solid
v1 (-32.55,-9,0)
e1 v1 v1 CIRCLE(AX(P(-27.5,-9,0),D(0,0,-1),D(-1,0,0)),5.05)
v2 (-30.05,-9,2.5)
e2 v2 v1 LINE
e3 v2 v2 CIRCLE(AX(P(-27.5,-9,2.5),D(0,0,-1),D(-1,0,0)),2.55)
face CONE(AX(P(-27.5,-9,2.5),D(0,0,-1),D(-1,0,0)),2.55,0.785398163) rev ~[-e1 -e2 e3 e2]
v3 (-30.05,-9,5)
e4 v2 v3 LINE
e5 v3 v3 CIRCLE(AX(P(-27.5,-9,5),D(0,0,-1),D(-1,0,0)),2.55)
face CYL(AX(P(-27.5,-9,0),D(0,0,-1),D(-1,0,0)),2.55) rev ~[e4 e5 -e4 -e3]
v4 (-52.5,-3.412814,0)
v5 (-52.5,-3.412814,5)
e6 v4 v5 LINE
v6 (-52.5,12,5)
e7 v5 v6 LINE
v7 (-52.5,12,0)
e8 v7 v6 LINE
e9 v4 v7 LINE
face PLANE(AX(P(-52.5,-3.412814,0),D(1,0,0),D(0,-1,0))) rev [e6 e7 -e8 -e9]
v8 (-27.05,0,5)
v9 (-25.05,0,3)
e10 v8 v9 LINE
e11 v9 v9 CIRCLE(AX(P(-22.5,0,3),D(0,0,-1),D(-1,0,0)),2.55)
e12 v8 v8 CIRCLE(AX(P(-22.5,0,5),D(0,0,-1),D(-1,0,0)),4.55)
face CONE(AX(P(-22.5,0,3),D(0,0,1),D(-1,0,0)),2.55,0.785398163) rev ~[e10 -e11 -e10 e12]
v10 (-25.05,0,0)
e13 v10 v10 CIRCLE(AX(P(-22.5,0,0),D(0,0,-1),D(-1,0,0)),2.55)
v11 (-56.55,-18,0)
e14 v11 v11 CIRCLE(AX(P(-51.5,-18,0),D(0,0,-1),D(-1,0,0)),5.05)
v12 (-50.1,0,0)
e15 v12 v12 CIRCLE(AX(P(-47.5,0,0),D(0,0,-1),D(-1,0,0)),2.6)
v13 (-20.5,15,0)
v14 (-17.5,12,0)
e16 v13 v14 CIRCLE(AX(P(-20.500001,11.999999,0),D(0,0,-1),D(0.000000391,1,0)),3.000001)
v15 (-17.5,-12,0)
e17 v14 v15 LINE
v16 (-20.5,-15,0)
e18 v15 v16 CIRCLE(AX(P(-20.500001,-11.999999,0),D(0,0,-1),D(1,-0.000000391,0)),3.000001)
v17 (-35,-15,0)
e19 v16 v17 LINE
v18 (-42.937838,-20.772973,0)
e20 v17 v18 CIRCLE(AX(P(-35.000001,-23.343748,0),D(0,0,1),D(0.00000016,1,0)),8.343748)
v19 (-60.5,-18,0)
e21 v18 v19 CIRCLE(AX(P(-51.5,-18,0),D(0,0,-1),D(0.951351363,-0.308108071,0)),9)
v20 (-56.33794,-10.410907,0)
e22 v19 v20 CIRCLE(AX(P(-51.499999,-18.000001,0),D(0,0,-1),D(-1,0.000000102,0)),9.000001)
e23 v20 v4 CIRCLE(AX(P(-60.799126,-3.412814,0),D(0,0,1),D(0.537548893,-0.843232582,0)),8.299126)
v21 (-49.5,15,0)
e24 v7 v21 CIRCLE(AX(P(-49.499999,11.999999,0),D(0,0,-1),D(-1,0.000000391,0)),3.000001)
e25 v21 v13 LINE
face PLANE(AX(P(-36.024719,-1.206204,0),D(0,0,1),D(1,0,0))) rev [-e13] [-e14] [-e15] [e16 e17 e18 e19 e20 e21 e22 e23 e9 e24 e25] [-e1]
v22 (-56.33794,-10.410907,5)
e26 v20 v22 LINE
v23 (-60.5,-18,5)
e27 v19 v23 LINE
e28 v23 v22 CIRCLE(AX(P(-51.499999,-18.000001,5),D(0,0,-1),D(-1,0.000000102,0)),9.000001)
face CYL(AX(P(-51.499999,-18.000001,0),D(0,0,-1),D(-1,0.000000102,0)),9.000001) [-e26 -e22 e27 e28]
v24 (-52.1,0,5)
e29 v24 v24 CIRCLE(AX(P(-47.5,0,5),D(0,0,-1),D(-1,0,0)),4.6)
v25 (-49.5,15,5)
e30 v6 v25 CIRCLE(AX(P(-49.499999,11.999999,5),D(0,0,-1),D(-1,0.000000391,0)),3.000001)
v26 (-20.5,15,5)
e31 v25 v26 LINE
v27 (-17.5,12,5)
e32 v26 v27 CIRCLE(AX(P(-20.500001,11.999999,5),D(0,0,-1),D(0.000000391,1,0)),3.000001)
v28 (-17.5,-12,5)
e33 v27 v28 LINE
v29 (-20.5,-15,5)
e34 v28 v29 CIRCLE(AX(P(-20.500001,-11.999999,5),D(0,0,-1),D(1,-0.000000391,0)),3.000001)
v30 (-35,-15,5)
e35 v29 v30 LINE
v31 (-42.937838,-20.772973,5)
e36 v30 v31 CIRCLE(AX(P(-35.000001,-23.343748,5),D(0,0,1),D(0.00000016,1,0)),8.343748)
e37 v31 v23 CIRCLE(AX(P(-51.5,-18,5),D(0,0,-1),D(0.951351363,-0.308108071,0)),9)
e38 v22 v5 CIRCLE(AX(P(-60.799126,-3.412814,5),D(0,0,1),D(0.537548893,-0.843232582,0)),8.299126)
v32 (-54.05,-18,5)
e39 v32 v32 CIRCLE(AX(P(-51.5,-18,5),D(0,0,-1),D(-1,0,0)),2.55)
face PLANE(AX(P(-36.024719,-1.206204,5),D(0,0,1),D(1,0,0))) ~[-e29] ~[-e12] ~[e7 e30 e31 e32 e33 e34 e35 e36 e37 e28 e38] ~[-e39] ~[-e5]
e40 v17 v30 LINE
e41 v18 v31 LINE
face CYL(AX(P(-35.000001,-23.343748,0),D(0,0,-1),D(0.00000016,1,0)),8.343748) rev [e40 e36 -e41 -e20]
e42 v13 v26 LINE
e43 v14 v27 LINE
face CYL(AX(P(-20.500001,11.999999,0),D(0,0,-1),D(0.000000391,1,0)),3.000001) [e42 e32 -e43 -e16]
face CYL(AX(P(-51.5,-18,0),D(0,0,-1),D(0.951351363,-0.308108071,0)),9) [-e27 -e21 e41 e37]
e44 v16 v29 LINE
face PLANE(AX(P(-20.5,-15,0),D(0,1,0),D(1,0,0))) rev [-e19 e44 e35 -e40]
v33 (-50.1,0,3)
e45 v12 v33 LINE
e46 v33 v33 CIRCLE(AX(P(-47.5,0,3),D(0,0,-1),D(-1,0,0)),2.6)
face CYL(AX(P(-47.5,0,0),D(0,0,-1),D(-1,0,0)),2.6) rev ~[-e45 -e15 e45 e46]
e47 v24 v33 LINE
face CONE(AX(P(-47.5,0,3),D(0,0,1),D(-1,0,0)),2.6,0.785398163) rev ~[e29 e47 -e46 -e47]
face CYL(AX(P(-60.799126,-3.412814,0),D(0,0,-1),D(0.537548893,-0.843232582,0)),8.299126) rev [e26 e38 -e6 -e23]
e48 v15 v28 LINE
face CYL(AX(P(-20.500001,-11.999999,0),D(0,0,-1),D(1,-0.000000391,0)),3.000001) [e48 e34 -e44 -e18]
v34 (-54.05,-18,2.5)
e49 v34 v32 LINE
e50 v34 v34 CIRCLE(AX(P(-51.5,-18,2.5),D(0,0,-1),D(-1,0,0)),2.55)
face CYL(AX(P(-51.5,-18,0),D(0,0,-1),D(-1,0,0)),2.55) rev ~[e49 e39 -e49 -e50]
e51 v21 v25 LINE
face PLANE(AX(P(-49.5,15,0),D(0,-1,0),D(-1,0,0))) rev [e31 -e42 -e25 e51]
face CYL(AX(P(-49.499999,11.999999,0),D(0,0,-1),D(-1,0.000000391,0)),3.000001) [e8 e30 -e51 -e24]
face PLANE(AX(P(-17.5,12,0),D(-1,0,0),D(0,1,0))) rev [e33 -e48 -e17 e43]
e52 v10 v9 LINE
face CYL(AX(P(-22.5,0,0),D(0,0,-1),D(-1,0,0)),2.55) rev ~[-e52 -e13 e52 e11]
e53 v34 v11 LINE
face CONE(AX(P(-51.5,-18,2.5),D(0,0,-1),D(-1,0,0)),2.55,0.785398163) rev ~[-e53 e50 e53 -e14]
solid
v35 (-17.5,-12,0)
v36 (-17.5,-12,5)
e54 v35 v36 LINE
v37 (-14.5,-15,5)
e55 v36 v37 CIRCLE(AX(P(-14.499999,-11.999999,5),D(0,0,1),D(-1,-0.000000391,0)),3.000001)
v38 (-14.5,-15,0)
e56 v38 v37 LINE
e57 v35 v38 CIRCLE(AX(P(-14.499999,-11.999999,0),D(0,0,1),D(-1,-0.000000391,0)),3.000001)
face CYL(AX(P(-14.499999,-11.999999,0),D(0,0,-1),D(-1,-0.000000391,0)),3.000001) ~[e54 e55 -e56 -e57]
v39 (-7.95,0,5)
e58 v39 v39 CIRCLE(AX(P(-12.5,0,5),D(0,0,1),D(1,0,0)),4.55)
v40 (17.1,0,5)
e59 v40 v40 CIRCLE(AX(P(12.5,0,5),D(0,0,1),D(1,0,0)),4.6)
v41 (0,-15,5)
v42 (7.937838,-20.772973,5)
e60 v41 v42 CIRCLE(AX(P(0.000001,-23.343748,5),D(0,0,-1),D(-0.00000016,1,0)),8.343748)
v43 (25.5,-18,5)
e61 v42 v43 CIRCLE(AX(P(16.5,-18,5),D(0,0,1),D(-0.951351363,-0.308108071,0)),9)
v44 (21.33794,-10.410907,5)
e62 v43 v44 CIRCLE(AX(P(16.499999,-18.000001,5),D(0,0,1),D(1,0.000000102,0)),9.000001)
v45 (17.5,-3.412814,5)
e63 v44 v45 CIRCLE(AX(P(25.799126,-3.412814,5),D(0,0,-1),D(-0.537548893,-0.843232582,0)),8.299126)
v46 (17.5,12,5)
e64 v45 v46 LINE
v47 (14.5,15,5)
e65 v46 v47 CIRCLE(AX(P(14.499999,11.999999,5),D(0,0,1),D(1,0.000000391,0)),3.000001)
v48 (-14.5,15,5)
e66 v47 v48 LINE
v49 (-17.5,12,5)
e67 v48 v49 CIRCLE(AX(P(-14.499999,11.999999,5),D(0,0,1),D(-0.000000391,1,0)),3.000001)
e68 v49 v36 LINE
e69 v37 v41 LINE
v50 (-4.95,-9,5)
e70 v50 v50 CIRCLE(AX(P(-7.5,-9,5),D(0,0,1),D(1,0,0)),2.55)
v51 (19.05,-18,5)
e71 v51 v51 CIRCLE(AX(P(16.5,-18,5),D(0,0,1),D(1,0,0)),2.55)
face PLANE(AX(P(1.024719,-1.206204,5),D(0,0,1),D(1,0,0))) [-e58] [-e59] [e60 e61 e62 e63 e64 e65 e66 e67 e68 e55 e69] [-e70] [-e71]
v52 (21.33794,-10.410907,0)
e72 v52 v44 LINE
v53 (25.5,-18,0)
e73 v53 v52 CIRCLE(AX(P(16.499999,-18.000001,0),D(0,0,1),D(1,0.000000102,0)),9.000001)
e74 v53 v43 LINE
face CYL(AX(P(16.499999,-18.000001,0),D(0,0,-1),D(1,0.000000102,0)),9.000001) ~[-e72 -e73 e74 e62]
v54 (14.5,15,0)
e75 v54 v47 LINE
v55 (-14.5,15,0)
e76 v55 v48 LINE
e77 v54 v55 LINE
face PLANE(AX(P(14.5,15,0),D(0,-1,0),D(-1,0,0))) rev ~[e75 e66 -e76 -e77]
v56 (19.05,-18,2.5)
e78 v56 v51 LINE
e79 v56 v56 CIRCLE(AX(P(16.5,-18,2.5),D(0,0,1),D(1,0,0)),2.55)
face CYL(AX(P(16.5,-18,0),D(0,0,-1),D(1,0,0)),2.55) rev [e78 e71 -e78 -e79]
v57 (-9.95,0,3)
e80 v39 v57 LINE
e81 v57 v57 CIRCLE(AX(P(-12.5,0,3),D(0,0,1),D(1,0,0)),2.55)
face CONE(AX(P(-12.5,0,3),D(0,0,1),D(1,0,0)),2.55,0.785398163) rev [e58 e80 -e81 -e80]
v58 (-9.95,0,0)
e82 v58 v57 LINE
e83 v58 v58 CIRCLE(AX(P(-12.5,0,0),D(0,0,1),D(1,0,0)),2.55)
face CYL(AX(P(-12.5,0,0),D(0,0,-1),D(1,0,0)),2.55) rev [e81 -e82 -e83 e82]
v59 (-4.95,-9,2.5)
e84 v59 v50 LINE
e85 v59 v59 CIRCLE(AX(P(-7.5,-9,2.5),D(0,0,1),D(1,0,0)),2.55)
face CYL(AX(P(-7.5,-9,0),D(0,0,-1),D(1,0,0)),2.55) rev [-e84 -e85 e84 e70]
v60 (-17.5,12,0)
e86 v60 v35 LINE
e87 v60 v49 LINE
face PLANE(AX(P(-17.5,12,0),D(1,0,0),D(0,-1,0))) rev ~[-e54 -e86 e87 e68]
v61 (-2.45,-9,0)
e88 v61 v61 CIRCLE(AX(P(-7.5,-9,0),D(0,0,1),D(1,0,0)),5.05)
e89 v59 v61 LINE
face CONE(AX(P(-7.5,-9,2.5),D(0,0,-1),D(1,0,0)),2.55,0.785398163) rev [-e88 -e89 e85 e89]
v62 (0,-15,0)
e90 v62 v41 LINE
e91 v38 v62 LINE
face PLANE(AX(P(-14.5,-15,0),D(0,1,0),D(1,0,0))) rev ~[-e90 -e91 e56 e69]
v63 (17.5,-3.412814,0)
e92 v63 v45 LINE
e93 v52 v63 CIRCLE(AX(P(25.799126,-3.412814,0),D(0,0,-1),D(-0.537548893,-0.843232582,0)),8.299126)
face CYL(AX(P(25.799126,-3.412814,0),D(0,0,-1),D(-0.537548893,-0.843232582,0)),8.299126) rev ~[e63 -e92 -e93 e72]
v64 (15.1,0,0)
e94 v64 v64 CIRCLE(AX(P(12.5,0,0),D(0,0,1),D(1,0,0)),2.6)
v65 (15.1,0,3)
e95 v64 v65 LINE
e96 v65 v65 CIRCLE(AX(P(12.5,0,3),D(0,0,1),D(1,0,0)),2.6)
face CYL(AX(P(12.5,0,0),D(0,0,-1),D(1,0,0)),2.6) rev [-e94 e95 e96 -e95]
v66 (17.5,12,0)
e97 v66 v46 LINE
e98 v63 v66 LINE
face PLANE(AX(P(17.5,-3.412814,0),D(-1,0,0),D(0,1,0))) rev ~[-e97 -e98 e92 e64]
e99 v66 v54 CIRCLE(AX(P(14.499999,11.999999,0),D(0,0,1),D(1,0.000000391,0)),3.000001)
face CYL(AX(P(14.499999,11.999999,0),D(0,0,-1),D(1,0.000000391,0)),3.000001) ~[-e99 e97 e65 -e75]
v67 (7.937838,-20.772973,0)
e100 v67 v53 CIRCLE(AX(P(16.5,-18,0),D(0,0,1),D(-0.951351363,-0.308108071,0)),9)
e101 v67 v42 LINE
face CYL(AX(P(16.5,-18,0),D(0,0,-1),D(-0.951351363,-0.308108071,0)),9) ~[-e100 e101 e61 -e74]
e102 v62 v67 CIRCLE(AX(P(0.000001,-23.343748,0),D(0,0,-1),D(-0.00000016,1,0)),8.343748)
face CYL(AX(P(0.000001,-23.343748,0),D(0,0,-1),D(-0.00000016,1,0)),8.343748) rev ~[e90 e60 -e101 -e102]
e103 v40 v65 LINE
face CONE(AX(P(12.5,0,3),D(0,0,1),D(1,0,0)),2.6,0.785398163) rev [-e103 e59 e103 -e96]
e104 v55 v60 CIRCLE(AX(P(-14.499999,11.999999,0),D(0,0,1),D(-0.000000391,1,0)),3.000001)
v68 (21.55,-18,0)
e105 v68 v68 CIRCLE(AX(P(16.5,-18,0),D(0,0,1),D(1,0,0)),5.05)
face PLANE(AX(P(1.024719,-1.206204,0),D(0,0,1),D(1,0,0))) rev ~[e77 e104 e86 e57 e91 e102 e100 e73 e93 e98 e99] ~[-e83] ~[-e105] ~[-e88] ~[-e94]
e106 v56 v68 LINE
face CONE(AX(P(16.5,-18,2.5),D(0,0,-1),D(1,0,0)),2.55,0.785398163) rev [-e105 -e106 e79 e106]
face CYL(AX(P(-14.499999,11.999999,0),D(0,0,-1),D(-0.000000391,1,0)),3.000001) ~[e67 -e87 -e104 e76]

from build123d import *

# Parameters (mm, degrees)
F0_R     = 2.55
F0_R_2   = 2.6
F1_DEPTH = 5
F2_SIZE  = 2.5
F3_SIZE  = 2
F4_SIZE  = 2.5


with BuildPart() as f1:
    # F0 (on Top) → F1 (new body)
    with BuildSketch(Plane.XY):
        with BuildLine():
            Line((-17.5, 12), (-17.5, -12))
            ThreePointArc((-17.5, -12), (-16.62132, -14.12132), (-14.5, -15))
            Line((-14.5, -15), (0, -15))
            ThreePointArc((0, -15), (4.907558, -16.595858), (7.937838, -20.772973))
            ThreePointArc((7.937838, -20.772973), (10.994497, -10.880348), (21.33794, -10.410907))
            ThreePointArc((21.33794, -10.410907), (18.52247, -7.403524), (17.5, -3.412814))
            Line((17.5, -3.412814), (17.5, 12))
            ThreePointArc((17.5, 12), (16.62132, 14.12132), (14.5, 15))
            Line((14.5, 15), (-14.5, 15))
            ThreePointArc((-14.5, 15), (-16.62132, 14.12132), (-17.5, 12))
        make_face()
        with Locations((-7.5, -9)):
            Circle(F0_R, mode=Mode.SUBTRACT)
        with Locations((-12.5, 0)):
            Circle(F0_R, mode=Mode.SUBTRACT)
        with Locations((12.5, 0)):
            Circle(F0_R_2, mode=Mode.SUBTRACT)
        with BuildLine():
            ThreePointArc((21.33794, -10.410907), (10.994497, -10.880348), (7.937838, -20.772973))
            ThreePointArc((7.937838, -20.772973), (17.903663, -26.889867), (25.5, -18))
            ThreePointArc((25.5, -18), (24.39118, -13.672267), (21.33794, -10.410907))
        make_face()
        with Locations((16.5, -18)):
            Circle(F0_R, mode=Mode.SUBTRACT)
    extrude(amount=F1_DEPTH)

    # F2
    f2_edges = [f1.edges().sort_by_distance(p)[0] for p in [
        (-10.05, -9, 0),
    ]]
    chamfer(f2_edges, length=F2_SIZE)

    # F3
    f3_edges = [f1.edges().sort_by_distance(p)[0] for p in [
        (9.9, 0, 5),
        (-15.05, 0, 5),
    ]]
    chamfer(f3_edges, length=F3_SIZE)

    # F4
    f4_edges = [f1.edges().sort_by_distance(p)[0] for p in [
        (13.95, -18, 0),
    ]]
    chamfer(f4_edges, length=F4_SIZE)


with BuildPart() as f5_1:
    # F5: instance of F1
    add(f1.part.mirror(Plane(origin=(-17.5, 0, 2.5), x_dir=(0, -1, 0), z_dir=(-1, 0, 0))))


solid = Compound([f1.part, f5_1.part])
